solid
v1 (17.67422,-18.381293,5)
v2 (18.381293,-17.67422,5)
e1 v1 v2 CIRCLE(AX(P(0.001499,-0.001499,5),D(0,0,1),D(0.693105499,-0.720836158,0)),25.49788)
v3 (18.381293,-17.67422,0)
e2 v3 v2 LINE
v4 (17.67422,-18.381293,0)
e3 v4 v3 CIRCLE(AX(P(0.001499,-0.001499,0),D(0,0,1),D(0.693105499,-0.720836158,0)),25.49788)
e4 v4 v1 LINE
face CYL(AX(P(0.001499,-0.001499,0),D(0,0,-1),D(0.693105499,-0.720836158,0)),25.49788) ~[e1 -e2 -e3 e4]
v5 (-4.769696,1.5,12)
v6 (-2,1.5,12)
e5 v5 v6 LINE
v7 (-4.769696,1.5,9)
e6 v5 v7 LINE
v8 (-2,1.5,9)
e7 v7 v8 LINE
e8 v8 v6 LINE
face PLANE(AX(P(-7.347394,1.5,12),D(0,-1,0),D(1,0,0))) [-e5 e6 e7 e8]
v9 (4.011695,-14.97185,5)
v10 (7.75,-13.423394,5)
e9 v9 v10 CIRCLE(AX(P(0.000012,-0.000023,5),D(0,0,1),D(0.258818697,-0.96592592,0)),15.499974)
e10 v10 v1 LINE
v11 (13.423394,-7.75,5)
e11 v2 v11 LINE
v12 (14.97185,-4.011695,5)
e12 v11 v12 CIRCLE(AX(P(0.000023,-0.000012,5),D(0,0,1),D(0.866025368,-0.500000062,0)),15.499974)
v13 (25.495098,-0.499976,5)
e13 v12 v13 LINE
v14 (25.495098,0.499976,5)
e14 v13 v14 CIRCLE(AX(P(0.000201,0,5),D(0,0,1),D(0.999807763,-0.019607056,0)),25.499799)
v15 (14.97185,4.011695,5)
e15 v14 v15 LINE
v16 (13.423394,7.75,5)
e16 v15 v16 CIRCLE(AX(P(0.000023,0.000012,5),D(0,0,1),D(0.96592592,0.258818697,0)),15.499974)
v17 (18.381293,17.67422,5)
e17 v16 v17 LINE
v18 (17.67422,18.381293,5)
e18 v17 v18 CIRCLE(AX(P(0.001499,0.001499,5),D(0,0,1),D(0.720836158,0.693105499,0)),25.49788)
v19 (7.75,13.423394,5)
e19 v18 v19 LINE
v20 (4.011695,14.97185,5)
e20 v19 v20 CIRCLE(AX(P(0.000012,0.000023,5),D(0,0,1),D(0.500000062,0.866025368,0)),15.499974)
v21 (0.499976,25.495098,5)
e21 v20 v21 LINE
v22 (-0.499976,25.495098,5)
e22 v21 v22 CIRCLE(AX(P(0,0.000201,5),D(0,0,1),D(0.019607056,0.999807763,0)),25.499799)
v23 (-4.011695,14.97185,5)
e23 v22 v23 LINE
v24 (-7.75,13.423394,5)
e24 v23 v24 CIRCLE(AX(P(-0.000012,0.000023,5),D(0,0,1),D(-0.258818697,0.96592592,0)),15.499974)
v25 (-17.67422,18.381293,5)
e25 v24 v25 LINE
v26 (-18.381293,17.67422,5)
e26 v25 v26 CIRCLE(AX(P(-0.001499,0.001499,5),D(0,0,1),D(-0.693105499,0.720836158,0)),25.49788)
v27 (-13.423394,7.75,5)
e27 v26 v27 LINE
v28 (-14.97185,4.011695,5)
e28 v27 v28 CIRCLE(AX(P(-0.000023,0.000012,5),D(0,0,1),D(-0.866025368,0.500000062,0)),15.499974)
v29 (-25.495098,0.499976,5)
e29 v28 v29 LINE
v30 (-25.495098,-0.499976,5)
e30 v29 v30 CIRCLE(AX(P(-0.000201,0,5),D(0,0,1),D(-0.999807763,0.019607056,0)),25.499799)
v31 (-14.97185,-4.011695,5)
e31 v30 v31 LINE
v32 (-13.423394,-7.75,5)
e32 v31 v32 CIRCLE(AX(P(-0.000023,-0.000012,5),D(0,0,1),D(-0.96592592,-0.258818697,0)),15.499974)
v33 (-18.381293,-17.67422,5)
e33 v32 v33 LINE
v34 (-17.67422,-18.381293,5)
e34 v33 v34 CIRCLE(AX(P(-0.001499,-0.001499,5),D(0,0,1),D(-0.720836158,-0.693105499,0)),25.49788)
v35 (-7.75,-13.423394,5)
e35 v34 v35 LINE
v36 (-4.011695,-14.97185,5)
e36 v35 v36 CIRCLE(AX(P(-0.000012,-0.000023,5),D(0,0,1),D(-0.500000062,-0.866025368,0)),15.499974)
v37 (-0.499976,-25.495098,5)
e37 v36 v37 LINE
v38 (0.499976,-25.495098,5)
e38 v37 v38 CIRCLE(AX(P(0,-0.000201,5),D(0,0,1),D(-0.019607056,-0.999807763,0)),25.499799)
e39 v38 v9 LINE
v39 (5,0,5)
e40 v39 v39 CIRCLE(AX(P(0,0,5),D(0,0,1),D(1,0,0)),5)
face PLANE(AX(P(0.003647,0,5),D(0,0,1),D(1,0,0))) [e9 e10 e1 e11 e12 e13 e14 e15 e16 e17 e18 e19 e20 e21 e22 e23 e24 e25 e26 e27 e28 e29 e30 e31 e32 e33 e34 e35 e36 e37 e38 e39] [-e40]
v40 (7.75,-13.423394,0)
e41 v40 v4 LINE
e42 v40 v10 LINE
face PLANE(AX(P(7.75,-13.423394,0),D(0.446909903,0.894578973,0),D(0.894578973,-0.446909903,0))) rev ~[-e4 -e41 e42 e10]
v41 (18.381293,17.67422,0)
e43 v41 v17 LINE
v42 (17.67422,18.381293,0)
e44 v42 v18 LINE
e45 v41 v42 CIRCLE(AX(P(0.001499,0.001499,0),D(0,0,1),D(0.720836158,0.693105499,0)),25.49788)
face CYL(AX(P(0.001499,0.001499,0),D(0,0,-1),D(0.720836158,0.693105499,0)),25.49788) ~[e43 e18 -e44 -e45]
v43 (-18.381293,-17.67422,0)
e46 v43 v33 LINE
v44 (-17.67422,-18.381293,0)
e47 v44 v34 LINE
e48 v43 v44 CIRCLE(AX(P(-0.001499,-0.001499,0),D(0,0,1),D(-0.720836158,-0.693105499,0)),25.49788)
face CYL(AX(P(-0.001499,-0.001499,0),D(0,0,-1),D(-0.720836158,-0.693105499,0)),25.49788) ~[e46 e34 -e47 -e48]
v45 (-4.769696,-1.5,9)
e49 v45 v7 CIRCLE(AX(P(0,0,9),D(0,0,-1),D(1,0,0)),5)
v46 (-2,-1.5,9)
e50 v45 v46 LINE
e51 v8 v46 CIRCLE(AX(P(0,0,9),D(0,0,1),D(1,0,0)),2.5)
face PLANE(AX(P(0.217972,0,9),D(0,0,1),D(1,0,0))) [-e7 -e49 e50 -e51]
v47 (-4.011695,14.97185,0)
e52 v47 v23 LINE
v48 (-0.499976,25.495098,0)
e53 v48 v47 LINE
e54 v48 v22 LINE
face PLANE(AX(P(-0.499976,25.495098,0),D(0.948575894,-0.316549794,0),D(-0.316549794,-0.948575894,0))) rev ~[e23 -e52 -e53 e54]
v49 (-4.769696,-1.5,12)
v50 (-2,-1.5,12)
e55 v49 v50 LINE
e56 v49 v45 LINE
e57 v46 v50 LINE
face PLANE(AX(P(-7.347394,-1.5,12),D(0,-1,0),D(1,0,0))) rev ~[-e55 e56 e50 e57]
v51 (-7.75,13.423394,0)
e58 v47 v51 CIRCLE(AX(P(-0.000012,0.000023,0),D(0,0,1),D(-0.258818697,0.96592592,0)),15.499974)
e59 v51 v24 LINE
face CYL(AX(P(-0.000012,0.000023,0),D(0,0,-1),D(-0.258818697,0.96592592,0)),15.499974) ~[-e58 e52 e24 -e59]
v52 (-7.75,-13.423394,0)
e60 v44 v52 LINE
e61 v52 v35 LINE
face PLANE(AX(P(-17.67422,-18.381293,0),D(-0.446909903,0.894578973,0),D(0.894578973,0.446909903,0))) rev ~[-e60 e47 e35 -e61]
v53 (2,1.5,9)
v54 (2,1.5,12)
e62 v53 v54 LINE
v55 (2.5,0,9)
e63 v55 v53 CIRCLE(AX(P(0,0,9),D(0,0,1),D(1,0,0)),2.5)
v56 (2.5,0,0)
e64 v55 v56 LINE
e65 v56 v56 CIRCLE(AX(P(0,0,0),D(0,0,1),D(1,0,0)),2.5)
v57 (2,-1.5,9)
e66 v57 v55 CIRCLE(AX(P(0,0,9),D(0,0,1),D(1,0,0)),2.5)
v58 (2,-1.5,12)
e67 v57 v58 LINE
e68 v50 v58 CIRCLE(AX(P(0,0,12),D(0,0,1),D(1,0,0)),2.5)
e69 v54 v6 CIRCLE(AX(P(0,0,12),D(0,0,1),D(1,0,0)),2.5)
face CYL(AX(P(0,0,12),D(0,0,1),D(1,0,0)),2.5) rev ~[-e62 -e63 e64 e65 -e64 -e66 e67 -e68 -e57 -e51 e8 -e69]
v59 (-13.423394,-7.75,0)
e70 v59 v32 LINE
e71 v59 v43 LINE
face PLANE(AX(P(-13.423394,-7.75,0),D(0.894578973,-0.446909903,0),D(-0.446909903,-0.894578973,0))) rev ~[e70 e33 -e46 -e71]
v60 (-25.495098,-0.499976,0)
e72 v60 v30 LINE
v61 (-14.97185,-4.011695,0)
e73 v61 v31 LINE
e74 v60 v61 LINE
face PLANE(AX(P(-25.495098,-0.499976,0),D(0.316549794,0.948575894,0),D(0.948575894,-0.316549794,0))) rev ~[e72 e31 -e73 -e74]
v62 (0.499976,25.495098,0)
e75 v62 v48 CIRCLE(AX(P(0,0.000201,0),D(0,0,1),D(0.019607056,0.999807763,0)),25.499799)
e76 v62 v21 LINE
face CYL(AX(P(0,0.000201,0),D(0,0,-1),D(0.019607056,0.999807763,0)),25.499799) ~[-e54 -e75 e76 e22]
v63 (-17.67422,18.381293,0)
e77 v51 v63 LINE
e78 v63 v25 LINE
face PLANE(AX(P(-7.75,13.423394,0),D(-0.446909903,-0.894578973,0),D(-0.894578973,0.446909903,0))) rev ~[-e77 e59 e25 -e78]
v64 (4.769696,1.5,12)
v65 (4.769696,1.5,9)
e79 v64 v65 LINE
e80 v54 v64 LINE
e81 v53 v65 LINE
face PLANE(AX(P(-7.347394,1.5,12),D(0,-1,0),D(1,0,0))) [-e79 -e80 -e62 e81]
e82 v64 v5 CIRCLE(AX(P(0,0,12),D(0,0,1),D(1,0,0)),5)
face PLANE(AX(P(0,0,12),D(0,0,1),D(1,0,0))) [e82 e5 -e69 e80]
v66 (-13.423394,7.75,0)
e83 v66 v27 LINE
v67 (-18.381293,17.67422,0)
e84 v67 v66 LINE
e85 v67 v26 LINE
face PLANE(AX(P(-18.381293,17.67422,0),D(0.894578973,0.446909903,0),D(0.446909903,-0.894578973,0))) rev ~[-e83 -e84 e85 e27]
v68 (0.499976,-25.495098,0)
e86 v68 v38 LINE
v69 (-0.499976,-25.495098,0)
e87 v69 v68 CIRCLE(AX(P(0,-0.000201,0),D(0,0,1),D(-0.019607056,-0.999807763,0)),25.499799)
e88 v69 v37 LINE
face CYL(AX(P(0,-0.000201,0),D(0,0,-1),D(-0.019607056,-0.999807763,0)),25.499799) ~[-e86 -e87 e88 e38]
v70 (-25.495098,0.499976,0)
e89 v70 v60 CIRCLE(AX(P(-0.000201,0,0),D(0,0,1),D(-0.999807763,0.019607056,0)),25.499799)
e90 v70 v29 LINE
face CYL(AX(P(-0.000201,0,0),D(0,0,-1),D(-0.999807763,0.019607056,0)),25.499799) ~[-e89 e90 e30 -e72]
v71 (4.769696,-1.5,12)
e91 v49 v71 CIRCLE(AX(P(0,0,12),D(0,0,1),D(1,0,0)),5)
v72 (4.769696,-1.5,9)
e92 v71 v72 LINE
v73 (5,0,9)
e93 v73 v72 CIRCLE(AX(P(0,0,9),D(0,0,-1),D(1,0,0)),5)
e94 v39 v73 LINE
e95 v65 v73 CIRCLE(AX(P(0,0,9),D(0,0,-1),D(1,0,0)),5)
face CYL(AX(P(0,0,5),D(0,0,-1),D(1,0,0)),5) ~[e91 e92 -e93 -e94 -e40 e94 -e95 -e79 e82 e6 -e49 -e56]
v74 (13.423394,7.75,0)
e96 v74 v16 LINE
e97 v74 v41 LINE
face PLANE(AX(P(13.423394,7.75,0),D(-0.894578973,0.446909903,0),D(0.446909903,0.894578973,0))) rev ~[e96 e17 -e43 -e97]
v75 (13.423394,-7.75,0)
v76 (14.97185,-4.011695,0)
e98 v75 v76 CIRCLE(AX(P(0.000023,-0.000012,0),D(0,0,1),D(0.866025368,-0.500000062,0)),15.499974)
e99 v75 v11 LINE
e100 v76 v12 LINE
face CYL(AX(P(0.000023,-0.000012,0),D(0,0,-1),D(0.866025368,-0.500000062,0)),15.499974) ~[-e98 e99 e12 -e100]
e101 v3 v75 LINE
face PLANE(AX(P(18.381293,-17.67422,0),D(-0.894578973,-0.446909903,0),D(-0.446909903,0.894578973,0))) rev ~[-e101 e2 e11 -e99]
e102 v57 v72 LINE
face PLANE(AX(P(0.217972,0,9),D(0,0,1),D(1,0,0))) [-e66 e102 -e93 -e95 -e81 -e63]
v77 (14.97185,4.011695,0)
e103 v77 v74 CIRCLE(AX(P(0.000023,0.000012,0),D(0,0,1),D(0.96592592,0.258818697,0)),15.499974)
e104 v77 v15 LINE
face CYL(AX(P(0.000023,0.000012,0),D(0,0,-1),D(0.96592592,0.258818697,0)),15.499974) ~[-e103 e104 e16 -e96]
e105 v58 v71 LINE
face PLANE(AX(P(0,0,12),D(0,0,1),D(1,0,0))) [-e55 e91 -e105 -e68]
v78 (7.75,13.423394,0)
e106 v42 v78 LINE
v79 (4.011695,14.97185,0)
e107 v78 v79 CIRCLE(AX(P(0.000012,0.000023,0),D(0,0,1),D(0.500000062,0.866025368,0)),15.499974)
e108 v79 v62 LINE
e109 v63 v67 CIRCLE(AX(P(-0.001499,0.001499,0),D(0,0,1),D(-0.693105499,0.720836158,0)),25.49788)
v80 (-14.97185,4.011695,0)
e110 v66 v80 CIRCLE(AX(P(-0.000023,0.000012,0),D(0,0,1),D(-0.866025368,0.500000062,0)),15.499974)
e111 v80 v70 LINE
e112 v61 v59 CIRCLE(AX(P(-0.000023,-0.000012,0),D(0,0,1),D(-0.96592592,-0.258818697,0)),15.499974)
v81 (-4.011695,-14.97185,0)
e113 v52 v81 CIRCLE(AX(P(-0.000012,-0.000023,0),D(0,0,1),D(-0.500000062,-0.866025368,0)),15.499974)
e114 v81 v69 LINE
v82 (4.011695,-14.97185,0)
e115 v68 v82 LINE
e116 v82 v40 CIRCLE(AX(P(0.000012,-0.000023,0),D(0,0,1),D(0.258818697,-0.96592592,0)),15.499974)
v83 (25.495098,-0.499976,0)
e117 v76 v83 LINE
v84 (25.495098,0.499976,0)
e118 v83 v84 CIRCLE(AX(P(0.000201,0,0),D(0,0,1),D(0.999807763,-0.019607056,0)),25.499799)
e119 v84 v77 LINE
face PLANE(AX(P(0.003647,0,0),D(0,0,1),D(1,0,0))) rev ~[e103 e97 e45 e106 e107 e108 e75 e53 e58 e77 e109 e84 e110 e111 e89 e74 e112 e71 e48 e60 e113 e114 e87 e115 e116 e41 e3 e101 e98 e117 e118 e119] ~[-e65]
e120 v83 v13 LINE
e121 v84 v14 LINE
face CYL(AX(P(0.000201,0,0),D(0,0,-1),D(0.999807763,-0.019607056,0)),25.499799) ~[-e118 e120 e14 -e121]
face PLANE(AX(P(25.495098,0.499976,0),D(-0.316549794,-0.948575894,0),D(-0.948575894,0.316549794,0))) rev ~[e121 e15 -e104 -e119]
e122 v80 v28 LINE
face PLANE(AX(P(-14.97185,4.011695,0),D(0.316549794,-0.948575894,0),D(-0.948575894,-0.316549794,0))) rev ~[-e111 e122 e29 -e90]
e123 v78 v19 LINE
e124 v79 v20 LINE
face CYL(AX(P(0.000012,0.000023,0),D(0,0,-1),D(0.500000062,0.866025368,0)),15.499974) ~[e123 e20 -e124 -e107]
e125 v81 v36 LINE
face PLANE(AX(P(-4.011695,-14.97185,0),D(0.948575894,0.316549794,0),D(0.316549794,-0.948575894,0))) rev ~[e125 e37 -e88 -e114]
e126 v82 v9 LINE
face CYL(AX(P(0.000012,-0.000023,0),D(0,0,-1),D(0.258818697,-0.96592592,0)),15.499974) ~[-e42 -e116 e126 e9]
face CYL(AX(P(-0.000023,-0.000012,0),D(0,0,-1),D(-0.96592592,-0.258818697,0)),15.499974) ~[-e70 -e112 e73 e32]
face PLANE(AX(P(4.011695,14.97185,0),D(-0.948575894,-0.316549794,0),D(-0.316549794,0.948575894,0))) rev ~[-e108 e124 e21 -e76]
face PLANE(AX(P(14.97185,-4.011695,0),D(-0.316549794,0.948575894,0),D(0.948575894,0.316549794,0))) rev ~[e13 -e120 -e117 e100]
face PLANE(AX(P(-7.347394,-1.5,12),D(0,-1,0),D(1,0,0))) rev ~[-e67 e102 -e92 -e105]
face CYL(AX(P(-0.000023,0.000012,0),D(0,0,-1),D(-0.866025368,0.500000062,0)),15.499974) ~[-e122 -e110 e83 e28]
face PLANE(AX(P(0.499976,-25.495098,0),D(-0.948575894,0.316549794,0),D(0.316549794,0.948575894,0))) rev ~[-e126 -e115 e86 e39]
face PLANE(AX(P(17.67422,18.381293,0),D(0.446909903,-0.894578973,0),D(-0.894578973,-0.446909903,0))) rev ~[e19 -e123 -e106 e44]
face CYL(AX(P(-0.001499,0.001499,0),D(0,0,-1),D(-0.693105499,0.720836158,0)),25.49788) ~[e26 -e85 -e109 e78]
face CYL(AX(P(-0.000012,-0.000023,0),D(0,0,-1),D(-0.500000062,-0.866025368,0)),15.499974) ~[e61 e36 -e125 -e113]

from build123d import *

# Parameters (mm, degrees)
F1_DEPTH = 5
F2_R     = 5
F3_DEPTH = 7
F5_R     = 2.5
F6_DEPTH = 12.001
F7_W     = 15.130732
F7_H     = 3
F8_DEPTH = 3


with BuildPart() as f1:
    # F0 (on Top) → F1 (new body)
    with BuildSketch(Plane.XY):
        with BuildLine():
            ThreePointArc((7.75, 13.423394), (5.931593, 14.320133), (4.011695, 14.97185))
            ThreePointArc((4.011695, 14.97185), (0, 15.5), (-4.011695, 14.97185))
            ThreePointArc((-4.011695, 14.97185), (-5.931593, 14.320133), (-7.75, 13.423394))
            ThreePointArc((-7.75, 13.423394), (-10.960155, 10.960155), (-13.423394, 7.75))
            ThreePointArc((-13.423394, 7.75), (-14.320133, 5.931593), (-14.97185, 4.011695))
            ThreePointArc((-14.97185, 4.011695), (-15.5, 0), (-14.97185, -4.011695))
            ThreePointArc((-14.97185, -4.011695), (-14.320133, -5.931593), (-13.423394, -7.75))
            ThreePointArc((-13.423394, -7.75), (-10.960155, -10.960155), (-7.75, -13.423394))
            ThreePointArc((-7.75, -13.423394), (-5.931593, -14.320133), (-4.011695, -14.97185))
            ThreePointArc((-4.011695, -14.97185), (0, -15.5), (4.011695, -14.97185))
            ThreePointArc((4.011695, -14.97185), (5.931593, -14.320133), (7.75, -13.423394))
            ThreePointArc((7.75, -13.423394), (10.960155, -10.960155), (13.423394, -7.75))
            ThreePointArc((13.423394, -7.75), (14.320133, -5.931593), (14.97185, -4.011695))
            ThreePointArc((14.97185, -4.011695), (15.367395, -2.023156), (15.5, 0))
            ThreePointArc((15.5, 0), (15.367395, 2.023156), (14.97185, 4.011695))
            ThreePointArc((14.97185, 4.011695), (14.320133, 5.931593), (13.423394, 7.75))
            ThreePointArc((13.423394, 7.75), (10.960155, 10.960155), (7.75, 13.423394))
        make_face()
        with BuildLine():
            ThreePointArc((-4.011695, 14.97185), (0, 15.5), (4.011695, 14.97185))
            Line((4.011695, 14.97185), (0.499976, 25.495098))
            ThreePointArc((0.499976, 25.495098), (0, 25.5), (-0.499976, 25.495098))
            Line((-0.499976, 25.495098), (-4.011695, 14.97185))
        make_face()
        with BuildLine():
            Line((17.67422, 18.381293), (7.75, 13.423394))
            ThreePointArc((7.75, 13.423394), (10.960155, 10.960155), (13.423394, 7.75))
            Line((13.423394, 7.75), (18.381293, 17.67422))
            ThreePointArc((18.381293, 17.67422), (18.031223, 18.031223), (17.67422, 18.381293))
        make_face()
        with BuildLine():
            ThreePointArc((-13.423394, 7.75), (-10.960155, 10.960155), (-7.75, 13.423394))
            Line((-7.75, 13.423394), (-17.67422, 18.381293))
            ThreePointArc((-17.67422, 18.381293), (-18.031223, 18.031223), (-18.381293, 17.67422))
            Line((-18.381293, 17.67422), (-13.423394, 7.75))
        make_face()
        with BuildLine():
            Line((25.495098, 0.499976), (14.97185, 4.011695))
            ThreePointArc((14.97185, 4.011695), (15.367395, 2.023156), (15.5, 0))
            ThreePointArc((15.5, 0), (15.367395, -2.023156), (14.97185, -4.011695))
            Line((14.97185, -4.011695), (25.495098, -0.499976))
            ThreePointArc((25.495098, -0.499976), (25.5, 0), (25.495098, 0.499976))
        make_face()
        with BuildLine():
            ThreePointArc((-14.97185, -4.011695), (-15.5, 0), (-14.97185, 4.011695))
            Line((-14.97185, 4.011695), (-25.495098, 0.499976))
            ThreePointArc((-25.495098, 0.499976), (-25.5, 0), (-25.495098, -0.499976))
            Line((-25.495098, -0.499976), (-14.97185, -4.011695))
        make_face()
        with BuildLine():
            ThreePointArc((-7.75, -13.423394), (-10.960155, -10.960155), (-13.423394, -7.75))
            Line((-13.423394, -7.75), (-18.381293, -17.67422))
            ThreePointArc((-18.381293, -17.67422), (-18.031223, -18.031223), (-17.67422, -18.381293))
            Line((-17.67422, -18.381293), (-7.75, -13.423394))
        make_face()
        with BuildLine():
            Line((18.381293, -17.67422), (13.423394, -7.75))
            ThreePointArc((13.423394, -7.75), (10.960155, -10.960155), (7.75, -13.423394))
            Line((7.75, -13.423394), (17.67422, -18.381293))
            ThreePointArc((17.67422, -18.381293), (18.031223, -18.031223), (18.381293, -17.67422))
        make_face()
        with BuildLine():
            ThreePointArc((4.011695, -14.97185), (0, -15.5), (-4.011695, -14.97185))
            Line((-4.011695, -14.97185), (-0.499976, -25.495098))
            ThreePointArc((-0.499976, -25.495098), (0, -25.5), (0.499976, -25.495098))
            Line((0.499976, -25.495098), (4.011695, -14.97185))
        make_face()
    extrude(amount=F1_DEPTH)

    # F2 (on face) → F3 (join)
    with BuildSketch(Plane.XY.offset(5)):
        Circle(F2_R)
    extrude(amount=F3_DEPTH)

    # F5 (on face) → F6 (cut, through all)
    with BuildSketch(Plane.XY.offset(12)):
        Circle(F5_R)
    extrude(amount=-F6_DEPTH, mode=Mode.SUBTRACT)

    # F7 (on face) → F8 (cut)
    with BuildSketch(Plane.XY.offset(12)):
        with Locations((0.217972, 0)):
            Rectangle(F7_W, F7_H)
    extrude(amount=-F8_DEPTH, mode=Mode.SUBTRACT)


solid = f1.part
